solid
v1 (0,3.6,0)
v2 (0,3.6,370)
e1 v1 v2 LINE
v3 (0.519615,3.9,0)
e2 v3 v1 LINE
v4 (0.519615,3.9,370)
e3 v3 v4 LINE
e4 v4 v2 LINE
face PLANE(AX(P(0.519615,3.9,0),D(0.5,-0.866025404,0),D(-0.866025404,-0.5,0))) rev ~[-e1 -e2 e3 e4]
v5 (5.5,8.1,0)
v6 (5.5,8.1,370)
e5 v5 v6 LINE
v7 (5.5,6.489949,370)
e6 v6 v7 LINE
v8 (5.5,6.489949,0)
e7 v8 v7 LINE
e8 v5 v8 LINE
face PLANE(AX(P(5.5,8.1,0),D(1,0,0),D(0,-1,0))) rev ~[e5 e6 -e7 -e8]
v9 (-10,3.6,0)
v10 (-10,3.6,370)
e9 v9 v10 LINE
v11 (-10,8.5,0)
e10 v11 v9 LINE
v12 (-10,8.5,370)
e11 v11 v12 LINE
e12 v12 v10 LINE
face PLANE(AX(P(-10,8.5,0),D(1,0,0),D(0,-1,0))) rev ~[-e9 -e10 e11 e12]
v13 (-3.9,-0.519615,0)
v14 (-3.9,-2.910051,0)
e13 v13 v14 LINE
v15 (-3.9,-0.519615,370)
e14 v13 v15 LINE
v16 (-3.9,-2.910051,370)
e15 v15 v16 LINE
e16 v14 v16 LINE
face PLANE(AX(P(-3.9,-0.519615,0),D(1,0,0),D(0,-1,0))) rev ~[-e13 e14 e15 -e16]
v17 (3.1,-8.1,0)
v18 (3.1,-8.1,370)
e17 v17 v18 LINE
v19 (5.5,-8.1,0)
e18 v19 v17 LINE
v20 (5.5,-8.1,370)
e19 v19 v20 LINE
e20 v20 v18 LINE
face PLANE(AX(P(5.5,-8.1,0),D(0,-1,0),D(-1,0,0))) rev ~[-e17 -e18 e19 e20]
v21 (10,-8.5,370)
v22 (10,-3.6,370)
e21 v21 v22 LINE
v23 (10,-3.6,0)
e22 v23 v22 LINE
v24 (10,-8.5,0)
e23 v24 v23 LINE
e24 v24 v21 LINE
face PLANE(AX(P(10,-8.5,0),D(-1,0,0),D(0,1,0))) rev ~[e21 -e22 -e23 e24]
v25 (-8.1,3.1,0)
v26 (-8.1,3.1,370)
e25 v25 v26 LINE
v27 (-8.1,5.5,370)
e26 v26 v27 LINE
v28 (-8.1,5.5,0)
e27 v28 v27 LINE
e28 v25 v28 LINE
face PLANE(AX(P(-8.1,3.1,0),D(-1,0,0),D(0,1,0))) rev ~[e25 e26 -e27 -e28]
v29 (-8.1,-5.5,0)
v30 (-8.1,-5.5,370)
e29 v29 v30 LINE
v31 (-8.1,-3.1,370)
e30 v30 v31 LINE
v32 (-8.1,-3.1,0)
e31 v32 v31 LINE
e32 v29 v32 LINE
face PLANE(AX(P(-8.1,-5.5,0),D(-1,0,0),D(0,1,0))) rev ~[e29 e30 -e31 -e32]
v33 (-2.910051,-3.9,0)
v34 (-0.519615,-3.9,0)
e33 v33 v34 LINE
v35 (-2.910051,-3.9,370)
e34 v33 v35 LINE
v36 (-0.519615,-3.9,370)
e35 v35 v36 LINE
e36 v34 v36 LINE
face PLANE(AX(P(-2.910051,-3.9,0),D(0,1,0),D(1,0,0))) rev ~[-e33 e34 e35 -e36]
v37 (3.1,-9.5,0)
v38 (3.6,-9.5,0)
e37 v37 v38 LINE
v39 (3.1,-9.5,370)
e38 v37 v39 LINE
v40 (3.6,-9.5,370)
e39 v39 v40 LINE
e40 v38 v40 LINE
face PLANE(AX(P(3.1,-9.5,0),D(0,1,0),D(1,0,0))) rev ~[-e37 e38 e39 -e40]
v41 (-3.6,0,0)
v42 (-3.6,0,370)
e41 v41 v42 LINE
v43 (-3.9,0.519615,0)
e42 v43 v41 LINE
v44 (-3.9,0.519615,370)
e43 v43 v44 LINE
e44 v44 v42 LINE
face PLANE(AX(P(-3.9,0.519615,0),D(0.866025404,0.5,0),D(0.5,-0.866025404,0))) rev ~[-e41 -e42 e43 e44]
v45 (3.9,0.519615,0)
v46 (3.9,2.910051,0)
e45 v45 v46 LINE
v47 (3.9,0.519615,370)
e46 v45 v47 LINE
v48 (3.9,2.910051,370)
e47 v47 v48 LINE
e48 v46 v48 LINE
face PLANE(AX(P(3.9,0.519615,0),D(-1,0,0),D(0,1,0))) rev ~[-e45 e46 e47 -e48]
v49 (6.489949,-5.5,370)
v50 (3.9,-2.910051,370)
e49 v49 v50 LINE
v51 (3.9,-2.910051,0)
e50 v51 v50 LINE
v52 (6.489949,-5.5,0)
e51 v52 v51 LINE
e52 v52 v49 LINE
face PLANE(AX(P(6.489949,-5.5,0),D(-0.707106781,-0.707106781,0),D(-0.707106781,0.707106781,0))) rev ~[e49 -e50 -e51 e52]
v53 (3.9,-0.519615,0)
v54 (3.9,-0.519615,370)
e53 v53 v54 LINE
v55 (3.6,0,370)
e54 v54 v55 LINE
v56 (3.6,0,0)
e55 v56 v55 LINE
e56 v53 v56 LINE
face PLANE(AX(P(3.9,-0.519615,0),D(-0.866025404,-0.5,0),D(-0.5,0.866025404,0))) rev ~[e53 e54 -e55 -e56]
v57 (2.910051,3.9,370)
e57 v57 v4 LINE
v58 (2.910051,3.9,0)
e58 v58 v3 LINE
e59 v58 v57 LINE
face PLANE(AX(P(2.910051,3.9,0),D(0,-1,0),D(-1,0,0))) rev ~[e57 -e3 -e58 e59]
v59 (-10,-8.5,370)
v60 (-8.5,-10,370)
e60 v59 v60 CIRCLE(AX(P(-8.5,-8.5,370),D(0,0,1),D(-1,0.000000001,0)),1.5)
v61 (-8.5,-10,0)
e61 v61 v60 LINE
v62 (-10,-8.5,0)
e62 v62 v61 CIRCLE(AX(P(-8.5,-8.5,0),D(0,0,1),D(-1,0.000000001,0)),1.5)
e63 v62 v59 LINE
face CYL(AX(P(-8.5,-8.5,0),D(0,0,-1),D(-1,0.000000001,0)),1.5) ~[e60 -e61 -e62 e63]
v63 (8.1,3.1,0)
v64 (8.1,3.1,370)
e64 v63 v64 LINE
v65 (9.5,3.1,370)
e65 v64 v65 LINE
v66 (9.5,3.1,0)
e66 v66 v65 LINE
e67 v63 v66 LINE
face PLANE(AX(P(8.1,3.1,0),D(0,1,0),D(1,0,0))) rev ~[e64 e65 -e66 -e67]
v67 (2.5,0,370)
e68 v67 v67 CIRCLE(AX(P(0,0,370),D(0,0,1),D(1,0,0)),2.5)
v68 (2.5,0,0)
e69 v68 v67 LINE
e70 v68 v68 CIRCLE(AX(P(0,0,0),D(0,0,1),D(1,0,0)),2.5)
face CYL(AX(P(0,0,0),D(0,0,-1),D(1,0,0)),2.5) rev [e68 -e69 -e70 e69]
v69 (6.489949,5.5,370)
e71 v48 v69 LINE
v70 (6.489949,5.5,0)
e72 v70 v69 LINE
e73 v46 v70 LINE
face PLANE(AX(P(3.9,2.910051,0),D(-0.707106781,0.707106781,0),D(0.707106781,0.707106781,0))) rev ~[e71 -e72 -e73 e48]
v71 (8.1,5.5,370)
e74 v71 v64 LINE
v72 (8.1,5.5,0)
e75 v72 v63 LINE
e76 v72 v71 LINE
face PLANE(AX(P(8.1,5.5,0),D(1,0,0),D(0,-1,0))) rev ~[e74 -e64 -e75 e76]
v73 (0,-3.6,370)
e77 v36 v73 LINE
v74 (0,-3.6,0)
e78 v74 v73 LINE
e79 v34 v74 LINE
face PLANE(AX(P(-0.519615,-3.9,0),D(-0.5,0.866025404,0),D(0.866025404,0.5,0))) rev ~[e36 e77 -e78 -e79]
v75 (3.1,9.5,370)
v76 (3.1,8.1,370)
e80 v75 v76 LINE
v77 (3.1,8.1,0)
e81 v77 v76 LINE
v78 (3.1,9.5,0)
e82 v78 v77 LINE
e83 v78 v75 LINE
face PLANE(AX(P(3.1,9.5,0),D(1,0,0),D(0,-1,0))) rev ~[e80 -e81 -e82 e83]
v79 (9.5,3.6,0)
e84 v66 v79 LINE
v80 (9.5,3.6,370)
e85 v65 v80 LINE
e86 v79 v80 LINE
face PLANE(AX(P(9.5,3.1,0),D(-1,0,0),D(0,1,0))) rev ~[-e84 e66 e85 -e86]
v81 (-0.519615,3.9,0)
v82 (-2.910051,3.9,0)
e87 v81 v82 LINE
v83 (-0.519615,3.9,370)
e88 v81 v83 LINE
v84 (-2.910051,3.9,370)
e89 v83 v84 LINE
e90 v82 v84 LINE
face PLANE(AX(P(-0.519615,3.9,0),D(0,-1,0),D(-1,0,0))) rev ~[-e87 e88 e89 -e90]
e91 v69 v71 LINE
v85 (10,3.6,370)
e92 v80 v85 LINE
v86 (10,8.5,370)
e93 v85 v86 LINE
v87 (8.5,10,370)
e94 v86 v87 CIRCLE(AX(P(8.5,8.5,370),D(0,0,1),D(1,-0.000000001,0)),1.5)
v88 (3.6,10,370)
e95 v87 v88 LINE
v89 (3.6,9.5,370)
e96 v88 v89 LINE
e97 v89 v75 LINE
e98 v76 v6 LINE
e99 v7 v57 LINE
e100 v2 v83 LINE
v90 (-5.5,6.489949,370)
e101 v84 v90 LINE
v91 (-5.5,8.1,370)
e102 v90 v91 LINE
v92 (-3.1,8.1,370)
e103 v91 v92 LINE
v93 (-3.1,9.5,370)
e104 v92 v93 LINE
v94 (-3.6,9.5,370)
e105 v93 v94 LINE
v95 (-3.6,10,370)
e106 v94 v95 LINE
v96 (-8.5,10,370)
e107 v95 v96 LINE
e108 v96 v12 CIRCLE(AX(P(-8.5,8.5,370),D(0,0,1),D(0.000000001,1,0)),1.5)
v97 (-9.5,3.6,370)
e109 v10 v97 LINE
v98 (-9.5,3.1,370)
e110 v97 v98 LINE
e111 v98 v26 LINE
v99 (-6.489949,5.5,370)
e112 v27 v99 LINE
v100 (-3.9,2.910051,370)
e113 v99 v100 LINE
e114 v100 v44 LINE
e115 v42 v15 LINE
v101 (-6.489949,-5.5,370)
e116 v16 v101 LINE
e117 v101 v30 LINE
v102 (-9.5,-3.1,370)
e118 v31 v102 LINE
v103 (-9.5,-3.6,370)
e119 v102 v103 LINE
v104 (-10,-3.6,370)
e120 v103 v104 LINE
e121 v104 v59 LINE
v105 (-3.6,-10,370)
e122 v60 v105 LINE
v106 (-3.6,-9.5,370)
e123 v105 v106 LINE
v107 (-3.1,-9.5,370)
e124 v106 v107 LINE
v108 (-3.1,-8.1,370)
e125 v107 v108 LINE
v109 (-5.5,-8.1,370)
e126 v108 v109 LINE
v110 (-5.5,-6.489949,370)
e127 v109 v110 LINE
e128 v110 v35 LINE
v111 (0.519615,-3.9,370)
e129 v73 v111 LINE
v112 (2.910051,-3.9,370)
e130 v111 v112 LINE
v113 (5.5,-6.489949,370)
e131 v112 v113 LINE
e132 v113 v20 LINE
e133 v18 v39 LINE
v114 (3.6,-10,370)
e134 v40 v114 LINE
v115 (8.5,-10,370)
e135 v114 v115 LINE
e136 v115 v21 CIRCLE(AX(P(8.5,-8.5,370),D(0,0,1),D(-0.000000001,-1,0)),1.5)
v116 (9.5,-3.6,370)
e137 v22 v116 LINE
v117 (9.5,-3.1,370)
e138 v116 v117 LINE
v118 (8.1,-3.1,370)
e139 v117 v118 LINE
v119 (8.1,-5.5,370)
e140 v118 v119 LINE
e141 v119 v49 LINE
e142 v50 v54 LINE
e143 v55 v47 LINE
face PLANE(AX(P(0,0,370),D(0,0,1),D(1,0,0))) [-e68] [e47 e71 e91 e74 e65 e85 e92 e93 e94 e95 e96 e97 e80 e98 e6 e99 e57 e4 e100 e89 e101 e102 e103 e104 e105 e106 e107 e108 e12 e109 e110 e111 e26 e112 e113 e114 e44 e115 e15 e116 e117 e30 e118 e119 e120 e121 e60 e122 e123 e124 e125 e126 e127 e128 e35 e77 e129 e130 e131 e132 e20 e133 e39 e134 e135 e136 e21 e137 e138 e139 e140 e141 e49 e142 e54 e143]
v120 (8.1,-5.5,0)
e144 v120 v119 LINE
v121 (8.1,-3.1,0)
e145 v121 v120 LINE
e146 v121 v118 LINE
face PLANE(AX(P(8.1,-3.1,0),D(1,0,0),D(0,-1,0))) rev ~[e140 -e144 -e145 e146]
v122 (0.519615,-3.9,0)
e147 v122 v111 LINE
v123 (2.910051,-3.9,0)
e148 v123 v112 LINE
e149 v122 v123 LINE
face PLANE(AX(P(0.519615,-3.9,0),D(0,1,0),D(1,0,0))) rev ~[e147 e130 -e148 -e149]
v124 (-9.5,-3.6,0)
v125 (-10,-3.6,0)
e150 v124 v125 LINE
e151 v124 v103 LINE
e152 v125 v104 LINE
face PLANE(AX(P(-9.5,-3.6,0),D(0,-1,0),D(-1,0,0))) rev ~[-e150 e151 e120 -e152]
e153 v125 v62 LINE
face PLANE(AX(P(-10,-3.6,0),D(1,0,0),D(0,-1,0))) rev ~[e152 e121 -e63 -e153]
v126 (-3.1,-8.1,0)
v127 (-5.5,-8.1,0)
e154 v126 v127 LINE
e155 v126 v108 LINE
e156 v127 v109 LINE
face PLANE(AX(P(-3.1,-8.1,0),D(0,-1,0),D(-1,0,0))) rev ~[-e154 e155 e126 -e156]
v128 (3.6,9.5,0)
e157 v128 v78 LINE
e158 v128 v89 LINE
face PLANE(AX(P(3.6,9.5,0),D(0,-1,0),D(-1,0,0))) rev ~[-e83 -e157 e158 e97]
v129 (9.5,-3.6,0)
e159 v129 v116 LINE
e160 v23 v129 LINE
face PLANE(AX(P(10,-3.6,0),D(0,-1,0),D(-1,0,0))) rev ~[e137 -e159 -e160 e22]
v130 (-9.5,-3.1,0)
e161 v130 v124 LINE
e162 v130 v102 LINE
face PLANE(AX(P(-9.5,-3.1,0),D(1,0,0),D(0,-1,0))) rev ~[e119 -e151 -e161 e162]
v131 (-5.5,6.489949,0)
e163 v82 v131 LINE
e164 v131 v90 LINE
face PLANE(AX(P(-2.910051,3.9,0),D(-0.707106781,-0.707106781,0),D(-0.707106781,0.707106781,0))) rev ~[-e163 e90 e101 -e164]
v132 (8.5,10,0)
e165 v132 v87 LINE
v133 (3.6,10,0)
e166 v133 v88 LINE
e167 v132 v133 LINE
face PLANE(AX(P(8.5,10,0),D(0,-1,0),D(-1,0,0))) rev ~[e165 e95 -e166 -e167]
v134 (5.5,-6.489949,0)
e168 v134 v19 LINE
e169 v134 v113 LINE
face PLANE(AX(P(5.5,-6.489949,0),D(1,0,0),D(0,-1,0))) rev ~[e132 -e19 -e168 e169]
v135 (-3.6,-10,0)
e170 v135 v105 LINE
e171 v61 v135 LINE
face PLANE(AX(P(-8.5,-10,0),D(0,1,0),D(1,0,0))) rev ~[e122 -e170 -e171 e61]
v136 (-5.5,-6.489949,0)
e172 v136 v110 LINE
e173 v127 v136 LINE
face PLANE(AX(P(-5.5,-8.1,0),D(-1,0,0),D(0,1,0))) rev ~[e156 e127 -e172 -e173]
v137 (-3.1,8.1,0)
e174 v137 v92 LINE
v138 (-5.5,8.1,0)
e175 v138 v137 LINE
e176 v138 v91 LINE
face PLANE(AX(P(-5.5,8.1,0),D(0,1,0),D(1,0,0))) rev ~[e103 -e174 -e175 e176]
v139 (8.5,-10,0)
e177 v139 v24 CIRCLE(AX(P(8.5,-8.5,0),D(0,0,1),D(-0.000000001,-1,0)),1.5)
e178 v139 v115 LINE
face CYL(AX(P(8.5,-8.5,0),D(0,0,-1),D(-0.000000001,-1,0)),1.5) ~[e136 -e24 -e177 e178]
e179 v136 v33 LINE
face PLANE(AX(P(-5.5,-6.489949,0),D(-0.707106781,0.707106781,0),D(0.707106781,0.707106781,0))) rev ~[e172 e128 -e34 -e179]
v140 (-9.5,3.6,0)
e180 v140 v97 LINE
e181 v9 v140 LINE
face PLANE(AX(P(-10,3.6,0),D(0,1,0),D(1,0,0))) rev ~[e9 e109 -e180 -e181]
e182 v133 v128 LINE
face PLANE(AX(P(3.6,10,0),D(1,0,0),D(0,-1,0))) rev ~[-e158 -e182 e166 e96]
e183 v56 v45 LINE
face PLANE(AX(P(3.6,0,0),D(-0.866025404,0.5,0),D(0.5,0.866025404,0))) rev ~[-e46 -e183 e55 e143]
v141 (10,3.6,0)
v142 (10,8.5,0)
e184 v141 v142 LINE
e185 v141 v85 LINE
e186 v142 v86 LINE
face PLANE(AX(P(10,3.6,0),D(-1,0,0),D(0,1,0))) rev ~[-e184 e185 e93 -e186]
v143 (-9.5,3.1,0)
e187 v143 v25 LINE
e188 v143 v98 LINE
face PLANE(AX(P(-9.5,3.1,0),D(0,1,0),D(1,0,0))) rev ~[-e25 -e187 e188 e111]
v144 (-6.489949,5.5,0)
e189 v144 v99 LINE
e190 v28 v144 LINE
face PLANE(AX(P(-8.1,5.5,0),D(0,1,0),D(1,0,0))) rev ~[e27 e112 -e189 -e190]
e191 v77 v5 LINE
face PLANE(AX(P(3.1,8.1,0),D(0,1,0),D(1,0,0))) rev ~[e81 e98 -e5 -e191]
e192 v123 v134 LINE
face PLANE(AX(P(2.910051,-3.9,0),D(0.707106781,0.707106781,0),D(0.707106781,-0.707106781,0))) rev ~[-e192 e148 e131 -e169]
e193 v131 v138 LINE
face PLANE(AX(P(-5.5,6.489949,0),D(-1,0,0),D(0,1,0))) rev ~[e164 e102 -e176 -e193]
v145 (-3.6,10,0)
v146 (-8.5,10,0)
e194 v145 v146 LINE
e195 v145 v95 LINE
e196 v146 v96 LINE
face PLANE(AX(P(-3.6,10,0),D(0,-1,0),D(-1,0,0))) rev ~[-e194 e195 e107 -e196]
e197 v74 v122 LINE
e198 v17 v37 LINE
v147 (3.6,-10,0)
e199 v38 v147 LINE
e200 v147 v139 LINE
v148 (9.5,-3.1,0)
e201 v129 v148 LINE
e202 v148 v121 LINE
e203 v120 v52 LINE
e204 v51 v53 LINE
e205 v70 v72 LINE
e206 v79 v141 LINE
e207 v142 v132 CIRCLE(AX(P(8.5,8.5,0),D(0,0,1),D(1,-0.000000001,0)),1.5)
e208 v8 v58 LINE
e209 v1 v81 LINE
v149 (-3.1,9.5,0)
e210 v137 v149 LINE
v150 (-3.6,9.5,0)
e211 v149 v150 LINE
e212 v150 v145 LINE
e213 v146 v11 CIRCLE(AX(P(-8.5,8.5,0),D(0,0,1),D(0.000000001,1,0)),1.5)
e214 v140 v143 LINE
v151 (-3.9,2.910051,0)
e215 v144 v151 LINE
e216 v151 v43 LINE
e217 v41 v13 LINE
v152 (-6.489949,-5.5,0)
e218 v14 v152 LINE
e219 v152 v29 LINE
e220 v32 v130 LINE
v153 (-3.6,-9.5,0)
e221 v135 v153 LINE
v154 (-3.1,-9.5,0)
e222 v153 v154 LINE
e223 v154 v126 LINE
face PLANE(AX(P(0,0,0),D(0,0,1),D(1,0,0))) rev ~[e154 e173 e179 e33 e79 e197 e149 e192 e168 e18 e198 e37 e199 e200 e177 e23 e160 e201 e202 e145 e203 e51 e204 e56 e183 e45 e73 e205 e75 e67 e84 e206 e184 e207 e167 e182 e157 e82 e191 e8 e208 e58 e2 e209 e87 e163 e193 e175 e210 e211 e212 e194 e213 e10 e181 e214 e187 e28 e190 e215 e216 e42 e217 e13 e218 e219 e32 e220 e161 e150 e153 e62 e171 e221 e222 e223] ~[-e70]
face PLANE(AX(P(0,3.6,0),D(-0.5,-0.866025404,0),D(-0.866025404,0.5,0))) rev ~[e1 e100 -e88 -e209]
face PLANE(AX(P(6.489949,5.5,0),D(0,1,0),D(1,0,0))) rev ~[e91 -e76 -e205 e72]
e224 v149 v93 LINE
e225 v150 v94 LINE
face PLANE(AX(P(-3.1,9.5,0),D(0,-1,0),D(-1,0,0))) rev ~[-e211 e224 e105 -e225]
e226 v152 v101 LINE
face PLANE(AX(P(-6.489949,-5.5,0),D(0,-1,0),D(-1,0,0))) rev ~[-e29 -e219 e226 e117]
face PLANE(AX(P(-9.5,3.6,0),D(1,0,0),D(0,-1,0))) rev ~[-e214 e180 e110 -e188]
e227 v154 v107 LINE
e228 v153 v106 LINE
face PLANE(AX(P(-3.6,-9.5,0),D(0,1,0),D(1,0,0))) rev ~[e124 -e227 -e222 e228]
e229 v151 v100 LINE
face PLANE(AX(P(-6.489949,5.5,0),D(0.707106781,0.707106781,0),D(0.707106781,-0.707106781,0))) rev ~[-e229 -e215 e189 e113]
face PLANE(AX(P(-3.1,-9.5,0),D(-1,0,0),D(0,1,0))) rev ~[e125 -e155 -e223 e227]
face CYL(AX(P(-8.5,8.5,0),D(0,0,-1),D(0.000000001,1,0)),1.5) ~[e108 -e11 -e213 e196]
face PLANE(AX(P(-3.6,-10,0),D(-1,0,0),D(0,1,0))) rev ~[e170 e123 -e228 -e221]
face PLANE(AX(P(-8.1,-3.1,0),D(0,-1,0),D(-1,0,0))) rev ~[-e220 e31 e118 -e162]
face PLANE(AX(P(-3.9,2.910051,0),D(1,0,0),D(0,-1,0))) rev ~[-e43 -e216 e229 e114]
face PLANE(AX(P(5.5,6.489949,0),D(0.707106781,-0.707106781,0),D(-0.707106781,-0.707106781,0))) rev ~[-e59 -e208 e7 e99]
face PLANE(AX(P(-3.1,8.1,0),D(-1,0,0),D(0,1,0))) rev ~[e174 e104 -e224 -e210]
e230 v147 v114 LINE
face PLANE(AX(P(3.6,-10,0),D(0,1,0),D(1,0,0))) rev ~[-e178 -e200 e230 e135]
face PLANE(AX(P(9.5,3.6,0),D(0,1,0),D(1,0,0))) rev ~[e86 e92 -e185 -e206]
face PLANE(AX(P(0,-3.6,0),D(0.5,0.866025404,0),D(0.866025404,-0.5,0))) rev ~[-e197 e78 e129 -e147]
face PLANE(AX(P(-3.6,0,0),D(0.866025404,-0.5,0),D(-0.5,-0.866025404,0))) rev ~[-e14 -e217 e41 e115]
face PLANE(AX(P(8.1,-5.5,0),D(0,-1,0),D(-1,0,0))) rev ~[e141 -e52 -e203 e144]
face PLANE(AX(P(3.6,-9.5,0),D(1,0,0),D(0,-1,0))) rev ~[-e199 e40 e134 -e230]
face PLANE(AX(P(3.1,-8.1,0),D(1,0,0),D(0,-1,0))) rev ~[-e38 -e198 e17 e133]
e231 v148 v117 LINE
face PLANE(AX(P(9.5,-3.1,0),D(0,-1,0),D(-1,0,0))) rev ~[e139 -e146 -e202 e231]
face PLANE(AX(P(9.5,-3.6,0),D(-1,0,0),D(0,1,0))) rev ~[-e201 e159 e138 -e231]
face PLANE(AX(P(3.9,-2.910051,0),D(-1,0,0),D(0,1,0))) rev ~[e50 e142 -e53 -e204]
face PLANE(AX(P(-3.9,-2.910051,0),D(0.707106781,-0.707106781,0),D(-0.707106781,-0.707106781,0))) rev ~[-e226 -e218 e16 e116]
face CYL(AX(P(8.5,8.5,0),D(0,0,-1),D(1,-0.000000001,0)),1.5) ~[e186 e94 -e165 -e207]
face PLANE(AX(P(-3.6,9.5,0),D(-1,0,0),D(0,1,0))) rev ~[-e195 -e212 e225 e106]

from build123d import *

# Parameters (mm, degrees)
MODEL_R         = 2.5
EXTRUDE_1_DEPTH = 370


with BuildPart() as part:
    # Model → 凸台-拉伸1 (new body)
    with BuildSketch(Plane.XY):
        with BuildLine():
            Line((-3.9, 0.519615242), (-3.6, 0))
            Line((-3.6, 0), (-3.9, -0.519615242))
            Line((-3.9, -0.519615242), (-3.9, -2.910050506))
            Line((-3.9, -2.910050506), (-6.489949494, -5.5))
            Line((-6.489949494, -5.5), (-8.1, -5.5))
            Line((-8.1, -5.5), (-8.1, -3.1))
            Line((-8.1, -3.1), (-9.5, -3.1))
            Line((-9.5, -3.1), (-9.5, -3.6))
            Line((-9.5, -3.6), (-10, -3.6))
            Line((-10, -3.6), (-10, -8.5))
            ThreePointArc((-10, -8.5), (-9.560660172, -9.560660172), (-8.5, -10))
            Line((-8.5, -10), (-3.6, -10))
            Line((-3.6, -10), (-3.6, -9.5))
            Line((-3.6, -9.5), (-3.1, -9.5))
            Line((-3.1, -9.5), (-3.1, -8.1))
            Line((-3.1, -8.1), (-5.5, -8.1))
            Line((-5.5, -8.1), (-5.5, -6.489949494))
            Line((-5.5, -6.489949494), (-2.910050506, -3.9))
            Line((-2.910050506, -3.9), (-0.519615242, -3.9))
            Line((-0.519615242, -3.9), (0, -3.6))
            Line((0, -3.6), (0.519615242, -3.9))
            Line((0.519615242, -3.9), (2.910050506, -3.9))
            Line((2.910050506, -3.9), (5.5, -6.489949494))
            Line((5.5, -6.489949494), (5.5, -8.1))
            Line((5.5, -8.1), (3.1, -8.1))
            Line((3.1, -8.1), (3.1, -9.5))
            Line((3.1, -9.5), (3.6, -9.5))
            Line((3.6, -9.5), (3.6, -10))
            Line((3.6, -10), (8.5, -10))
            ThreePointArc((8.5, -10), (9.560660172, -9.560660172), (10, -8.5))
            Line((10, -8.5), (10, -3.6))
            Line((10, -3.6), (9.5, -3.6))
            Line((9.5, -3.6), (9.5, -3.1))
            Line((9.5, -3.1), (8.1, -3.1))
            Line((8.1, -3.1), (8.1, -5.5))
            Line((8.1, -5.5), (6.489949494, -5.5))
            Line((6.489949494, -5.5), (3.9, -2.910050506))
            Line((3.9, -2.910050506), (3.9, -0.519615242))
            Line((3.9, -0.519615242), (3.6, 0))
            Line((3.6, 0), (3.9, 0.519615242))
            Line((3.9, 0.519615242), (3.9, 2.910050506))
            Line((3.9, 2.910050506), (6.489949494, 5.5))
            Line((6.489949494, 5.5), (8.1, 5.5))
            Line((8.1, 5.5), (8.1, 3.1))
            Line((8.1, 3.1), (9.5, 3.1))
            Line((9.5, 3.1), (9.5, 3.6))
            Line((9.5, 3.6), (10, 3.6))
            Line((10, 3.6), (10, 8.5))
            ThreePointArc((10, 8.5), (9.560660172, 9.560660172), (8.5, 10))
            Line((8.5, 10), (3.6, 10))
            Line((3.6, 10), (3.6, 9.5))
            Line((3.6, 9.5), (3.1, 9.5))
            Line((3.1, 9.5), (3.1, 8.1))
            Line((3.1, 8.1), (5.5, 8.1))
            Line((5.5, 8.1), (5.5, 6.489949494))
            Line((5.5, 6.489949494), (2.910050506, 3.9))
            Line((2.910050506, 3.9), (0.519615242, 3.9))
            Line((0.519615242, 3.9), (0, 3.6))
            Line((0, 3.6), (-0.519615242, 3.9))
            Line((-0.519615242, 3.9), (-2.910050506, 3.9))
            Line((-2.910050506, 3.9), (-5.5, 6.489949494))
            Line((-5.5, 6.489949494), (-5.5, 8.1))
            Line((-5.5, 8.1), (-3.1, 8.1))
            Line((-3.1, 8.1), (-3.1, 9.5))
            Line((-3.1, 9.5), (-3.6, 9.5))
            Line((-3.6, 9.5), (-3.6, 10))
            Line((-3.6, 10), (-8.5, 10))
            ThreePointArc((-8.5, 10), (-9.560660172, 9.560660172), (-10, 8.5))
            Line((-10, 8.5), (-10, 3.6))
            Line((-10, 3.6), (-9.5, 3.6))
            Line((-9.5, 3.6), (-9.5, 3.1))
            Line((-9.5, 3.1), (-8.1, 3.1))
            Line((-8.1, 3.1), (-8.1, 5.5))
            Line((-8.1, 5.5), (-6.489949494, 5.5))
            Line((-6.489949494, 5.5), (-3.9, 2.910050506))
            Line((-3.9, 2.910050506), (-3.9, 0.519615242))
        make_face()
        Circle(MODEL_R, mode=Mode.SUBTRACT)
    extrude(amount=EXTRUDE_1_DEPTH)


solid = part.part
